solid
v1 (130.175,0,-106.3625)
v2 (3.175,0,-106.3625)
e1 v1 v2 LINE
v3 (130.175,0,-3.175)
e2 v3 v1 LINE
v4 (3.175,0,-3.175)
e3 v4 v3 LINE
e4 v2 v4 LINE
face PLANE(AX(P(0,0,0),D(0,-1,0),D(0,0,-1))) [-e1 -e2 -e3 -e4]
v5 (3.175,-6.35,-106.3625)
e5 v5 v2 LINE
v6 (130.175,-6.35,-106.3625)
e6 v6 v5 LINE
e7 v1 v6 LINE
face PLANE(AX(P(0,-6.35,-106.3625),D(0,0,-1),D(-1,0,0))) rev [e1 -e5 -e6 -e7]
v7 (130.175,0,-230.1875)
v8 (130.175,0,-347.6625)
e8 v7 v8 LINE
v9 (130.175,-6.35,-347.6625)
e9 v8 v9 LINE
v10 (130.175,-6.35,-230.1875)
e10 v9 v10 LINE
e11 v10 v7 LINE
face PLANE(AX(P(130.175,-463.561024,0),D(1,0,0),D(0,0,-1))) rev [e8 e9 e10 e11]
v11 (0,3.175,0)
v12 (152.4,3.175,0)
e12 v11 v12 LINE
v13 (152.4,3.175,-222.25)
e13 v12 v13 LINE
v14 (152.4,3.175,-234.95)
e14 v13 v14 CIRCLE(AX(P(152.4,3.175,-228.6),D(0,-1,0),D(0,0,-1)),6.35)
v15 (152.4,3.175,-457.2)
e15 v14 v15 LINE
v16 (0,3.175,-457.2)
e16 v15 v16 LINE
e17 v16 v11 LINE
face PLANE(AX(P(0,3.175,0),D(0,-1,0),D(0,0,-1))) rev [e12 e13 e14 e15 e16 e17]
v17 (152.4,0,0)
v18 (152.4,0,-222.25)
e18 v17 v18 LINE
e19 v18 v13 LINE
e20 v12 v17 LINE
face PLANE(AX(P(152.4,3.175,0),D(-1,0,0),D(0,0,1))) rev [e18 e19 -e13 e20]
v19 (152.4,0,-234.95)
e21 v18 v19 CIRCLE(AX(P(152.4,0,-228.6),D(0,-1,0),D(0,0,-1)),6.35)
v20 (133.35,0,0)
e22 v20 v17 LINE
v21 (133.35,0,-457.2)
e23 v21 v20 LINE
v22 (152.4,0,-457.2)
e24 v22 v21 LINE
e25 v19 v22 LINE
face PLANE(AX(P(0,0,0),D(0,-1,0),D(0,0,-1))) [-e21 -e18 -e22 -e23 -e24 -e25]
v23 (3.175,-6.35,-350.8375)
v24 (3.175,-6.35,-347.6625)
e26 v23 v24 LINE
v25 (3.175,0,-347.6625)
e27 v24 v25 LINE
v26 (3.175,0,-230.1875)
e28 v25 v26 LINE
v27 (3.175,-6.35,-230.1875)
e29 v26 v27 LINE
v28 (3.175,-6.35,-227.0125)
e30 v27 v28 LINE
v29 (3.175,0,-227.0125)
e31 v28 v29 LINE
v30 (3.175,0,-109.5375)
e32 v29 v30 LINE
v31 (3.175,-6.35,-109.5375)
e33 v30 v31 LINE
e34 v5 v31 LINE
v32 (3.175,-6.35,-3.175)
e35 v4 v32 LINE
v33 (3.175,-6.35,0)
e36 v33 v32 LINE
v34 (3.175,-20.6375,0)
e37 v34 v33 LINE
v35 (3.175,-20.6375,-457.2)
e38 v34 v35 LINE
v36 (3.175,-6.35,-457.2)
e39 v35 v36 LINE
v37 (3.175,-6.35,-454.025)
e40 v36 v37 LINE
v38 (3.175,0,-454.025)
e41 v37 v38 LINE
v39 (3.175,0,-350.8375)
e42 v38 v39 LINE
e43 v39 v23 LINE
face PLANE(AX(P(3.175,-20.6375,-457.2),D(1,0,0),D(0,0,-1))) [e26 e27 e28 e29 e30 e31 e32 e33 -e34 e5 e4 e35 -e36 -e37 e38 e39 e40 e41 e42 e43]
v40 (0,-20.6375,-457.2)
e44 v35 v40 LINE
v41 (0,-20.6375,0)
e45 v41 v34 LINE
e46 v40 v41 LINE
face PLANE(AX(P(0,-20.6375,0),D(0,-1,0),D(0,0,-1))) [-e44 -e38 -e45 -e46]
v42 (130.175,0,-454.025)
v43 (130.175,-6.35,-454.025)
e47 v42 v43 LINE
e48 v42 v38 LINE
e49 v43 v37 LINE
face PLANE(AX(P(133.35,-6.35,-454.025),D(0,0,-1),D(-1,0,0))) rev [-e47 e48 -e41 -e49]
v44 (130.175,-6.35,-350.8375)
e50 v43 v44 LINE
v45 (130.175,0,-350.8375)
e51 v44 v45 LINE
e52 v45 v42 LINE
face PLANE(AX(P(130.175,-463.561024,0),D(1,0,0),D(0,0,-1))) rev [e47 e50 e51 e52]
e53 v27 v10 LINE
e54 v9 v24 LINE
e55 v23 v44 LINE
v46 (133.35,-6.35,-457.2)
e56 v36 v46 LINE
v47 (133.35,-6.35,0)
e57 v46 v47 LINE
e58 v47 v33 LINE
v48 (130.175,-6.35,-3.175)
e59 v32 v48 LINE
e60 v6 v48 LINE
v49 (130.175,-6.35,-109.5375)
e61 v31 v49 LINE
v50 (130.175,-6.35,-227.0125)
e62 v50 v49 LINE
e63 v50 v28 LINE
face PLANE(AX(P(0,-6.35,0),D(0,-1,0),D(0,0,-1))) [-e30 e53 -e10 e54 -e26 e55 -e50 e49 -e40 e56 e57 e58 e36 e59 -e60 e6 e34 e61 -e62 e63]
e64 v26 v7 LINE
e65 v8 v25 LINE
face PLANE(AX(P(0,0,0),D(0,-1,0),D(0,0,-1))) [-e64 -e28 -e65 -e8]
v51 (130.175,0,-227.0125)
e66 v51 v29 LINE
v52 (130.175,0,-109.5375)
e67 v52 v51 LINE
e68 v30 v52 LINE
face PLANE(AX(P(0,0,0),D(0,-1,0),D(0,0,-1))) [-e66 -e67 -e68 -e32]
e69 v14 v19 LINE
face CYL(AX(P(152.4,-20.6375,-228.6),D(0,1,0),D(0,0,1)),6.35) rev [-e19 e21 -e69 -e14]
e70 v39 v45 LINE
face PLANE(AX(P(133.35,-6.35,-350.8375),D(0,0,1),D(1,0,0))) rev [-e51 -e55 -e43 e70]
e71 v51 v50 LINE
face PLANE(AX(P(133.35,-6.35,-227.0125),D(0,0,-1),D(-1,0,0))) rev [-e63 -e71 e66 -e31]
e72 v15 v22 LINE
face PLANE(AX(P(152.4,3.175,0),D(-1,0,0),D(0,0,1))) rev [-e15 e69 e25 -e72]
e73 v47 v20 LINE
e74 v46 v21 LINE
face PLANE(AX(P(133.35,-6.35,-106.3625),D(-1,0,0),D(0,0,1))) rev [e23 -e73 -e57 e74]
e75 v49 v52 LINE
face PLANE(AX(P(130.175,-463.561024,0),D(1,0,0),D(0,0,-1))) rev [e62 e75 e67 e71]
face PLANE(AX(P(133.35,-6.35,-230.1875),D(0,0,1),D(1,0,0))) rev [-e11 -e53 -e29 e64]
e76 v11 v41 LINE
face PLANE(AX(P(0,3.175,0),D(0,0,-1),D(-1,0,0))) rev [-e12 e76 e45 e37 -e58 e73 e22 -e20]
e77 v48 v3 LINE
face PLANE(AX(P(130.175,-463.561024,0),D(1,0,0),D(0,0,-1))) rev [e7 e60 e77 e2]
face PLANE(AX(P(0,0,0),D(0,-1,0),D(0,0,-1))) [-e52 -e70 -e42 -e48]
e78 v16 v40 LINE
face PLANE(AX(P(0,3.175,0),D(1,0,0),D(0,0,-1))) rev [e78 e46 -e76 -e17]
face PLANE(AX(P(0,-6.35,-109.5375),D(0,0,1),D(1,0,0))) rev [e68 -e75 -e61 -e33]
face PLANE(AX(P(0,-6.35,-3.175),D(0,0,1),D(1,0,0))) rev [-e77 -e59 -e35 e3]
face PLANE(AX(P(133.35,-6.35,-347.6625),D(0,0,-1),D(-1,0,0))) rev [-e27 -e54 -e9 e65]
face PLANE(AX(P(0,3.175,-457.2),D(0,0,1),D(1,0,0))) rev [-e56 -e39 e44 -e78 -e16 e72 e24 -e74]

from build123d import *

# Parameters (mm, degrees)
SKETCH1_W           = 152.4
SKETCH1_H           = 457.2
BOSS_EXTRUDE1_DEPTH = 3.175
SKETCH2_W           = 3.175
SKETCH2_H           = 457.2
BOSS_EXTRUDE2_DEPTH = 23.8125
SKETCH3_W           = 133.35
SKETCH3_H           = 3.175
BOSS_EXTRUDE3_DEPTH = 6.35
SKETCH9_W           = 3.175
SKETCH9_H           = 457.2
BOSS_EXTRUDE4_DEPTH = 6.35
SKETCH11_R          = 6.35
CUT_EXTRUDE1_DEPTH  = 483.519051599


with BuildPart() as part:
    # Sketch1 → Boss-Extrude1 (new body)
    with BuildSketch(Plane(origin=(0, 0, 0), x_dir=(1, 0, 0), z_dir=(0, 1, 0))):
        with Locations((76.2, 228.6)):
            Rectangle(SKETCH1_W, SKETCH1_H)
    extrude(amount=BOSS_EXTRUDE1_DEPTH)

    # Sketch2 → Boss-Extrude2 (add)
    with BuildSketch(Plane(origin=(0, 3.175, 0), x_dir=(1, 0, 0), z_dir=(0, 1, 0))):
        with Locations((1.5875, 228.6)):
            Rectangle(SKETCH2_W, SKETCH2_H)
    extrude(amount=-BOSS_EXTRUDE2_DEPTH)

    # Sketch3 → Boss-Extrude3 (add)
    with BuildSketch(Plane.XZ):
        with Locations((66.675, -107.95)):
            Rectangle(SKETCH3_W, SKETCH3_H)
        with Locations((66.675, -228.6)):
            Rectangle(SKETCH3_W, SKETCH3_H)
        with Locations((66.675, -349.25)):
            Rectangle(SKETCH3_W, SKETCH3_H)
        with Locations((66.675, -1.5875)):
            Rectangle(SKETCH3_W, SKETCH3_H)
        with Locations((66.675, -455.6125)):
            Rectangle(SKETCH3_W, SKETCH3_H)
    extrude(amount=BOSS_EXTRUDE3_DEPTH)

    # Sketch9 → Boss-Extrude4 (add)
    with BuildSketch(Plane.XZ):
        with Locations((131.7625, -228.6)):
            Rectangle(SKETCH9_W, SKETCH9_H)
    extrude(amount=BOSS_EXTRUDE4_DEPTH)

    # Sketch11 → Cut-Extrude1 (cut, through all)
    with BuildSketch(Plane(origin=(0, 3.175, 0), x_dir=(1, 0, 0), z_dir=(0, 1, 0))):
        with Locations((152.4, 228.6)):
            Circle(SKETCH11_R)
    extrude(amount=-CUT_EXTRUDE1_DEPTH, mode=Mode.SUBTRACT)


solid = part.part
